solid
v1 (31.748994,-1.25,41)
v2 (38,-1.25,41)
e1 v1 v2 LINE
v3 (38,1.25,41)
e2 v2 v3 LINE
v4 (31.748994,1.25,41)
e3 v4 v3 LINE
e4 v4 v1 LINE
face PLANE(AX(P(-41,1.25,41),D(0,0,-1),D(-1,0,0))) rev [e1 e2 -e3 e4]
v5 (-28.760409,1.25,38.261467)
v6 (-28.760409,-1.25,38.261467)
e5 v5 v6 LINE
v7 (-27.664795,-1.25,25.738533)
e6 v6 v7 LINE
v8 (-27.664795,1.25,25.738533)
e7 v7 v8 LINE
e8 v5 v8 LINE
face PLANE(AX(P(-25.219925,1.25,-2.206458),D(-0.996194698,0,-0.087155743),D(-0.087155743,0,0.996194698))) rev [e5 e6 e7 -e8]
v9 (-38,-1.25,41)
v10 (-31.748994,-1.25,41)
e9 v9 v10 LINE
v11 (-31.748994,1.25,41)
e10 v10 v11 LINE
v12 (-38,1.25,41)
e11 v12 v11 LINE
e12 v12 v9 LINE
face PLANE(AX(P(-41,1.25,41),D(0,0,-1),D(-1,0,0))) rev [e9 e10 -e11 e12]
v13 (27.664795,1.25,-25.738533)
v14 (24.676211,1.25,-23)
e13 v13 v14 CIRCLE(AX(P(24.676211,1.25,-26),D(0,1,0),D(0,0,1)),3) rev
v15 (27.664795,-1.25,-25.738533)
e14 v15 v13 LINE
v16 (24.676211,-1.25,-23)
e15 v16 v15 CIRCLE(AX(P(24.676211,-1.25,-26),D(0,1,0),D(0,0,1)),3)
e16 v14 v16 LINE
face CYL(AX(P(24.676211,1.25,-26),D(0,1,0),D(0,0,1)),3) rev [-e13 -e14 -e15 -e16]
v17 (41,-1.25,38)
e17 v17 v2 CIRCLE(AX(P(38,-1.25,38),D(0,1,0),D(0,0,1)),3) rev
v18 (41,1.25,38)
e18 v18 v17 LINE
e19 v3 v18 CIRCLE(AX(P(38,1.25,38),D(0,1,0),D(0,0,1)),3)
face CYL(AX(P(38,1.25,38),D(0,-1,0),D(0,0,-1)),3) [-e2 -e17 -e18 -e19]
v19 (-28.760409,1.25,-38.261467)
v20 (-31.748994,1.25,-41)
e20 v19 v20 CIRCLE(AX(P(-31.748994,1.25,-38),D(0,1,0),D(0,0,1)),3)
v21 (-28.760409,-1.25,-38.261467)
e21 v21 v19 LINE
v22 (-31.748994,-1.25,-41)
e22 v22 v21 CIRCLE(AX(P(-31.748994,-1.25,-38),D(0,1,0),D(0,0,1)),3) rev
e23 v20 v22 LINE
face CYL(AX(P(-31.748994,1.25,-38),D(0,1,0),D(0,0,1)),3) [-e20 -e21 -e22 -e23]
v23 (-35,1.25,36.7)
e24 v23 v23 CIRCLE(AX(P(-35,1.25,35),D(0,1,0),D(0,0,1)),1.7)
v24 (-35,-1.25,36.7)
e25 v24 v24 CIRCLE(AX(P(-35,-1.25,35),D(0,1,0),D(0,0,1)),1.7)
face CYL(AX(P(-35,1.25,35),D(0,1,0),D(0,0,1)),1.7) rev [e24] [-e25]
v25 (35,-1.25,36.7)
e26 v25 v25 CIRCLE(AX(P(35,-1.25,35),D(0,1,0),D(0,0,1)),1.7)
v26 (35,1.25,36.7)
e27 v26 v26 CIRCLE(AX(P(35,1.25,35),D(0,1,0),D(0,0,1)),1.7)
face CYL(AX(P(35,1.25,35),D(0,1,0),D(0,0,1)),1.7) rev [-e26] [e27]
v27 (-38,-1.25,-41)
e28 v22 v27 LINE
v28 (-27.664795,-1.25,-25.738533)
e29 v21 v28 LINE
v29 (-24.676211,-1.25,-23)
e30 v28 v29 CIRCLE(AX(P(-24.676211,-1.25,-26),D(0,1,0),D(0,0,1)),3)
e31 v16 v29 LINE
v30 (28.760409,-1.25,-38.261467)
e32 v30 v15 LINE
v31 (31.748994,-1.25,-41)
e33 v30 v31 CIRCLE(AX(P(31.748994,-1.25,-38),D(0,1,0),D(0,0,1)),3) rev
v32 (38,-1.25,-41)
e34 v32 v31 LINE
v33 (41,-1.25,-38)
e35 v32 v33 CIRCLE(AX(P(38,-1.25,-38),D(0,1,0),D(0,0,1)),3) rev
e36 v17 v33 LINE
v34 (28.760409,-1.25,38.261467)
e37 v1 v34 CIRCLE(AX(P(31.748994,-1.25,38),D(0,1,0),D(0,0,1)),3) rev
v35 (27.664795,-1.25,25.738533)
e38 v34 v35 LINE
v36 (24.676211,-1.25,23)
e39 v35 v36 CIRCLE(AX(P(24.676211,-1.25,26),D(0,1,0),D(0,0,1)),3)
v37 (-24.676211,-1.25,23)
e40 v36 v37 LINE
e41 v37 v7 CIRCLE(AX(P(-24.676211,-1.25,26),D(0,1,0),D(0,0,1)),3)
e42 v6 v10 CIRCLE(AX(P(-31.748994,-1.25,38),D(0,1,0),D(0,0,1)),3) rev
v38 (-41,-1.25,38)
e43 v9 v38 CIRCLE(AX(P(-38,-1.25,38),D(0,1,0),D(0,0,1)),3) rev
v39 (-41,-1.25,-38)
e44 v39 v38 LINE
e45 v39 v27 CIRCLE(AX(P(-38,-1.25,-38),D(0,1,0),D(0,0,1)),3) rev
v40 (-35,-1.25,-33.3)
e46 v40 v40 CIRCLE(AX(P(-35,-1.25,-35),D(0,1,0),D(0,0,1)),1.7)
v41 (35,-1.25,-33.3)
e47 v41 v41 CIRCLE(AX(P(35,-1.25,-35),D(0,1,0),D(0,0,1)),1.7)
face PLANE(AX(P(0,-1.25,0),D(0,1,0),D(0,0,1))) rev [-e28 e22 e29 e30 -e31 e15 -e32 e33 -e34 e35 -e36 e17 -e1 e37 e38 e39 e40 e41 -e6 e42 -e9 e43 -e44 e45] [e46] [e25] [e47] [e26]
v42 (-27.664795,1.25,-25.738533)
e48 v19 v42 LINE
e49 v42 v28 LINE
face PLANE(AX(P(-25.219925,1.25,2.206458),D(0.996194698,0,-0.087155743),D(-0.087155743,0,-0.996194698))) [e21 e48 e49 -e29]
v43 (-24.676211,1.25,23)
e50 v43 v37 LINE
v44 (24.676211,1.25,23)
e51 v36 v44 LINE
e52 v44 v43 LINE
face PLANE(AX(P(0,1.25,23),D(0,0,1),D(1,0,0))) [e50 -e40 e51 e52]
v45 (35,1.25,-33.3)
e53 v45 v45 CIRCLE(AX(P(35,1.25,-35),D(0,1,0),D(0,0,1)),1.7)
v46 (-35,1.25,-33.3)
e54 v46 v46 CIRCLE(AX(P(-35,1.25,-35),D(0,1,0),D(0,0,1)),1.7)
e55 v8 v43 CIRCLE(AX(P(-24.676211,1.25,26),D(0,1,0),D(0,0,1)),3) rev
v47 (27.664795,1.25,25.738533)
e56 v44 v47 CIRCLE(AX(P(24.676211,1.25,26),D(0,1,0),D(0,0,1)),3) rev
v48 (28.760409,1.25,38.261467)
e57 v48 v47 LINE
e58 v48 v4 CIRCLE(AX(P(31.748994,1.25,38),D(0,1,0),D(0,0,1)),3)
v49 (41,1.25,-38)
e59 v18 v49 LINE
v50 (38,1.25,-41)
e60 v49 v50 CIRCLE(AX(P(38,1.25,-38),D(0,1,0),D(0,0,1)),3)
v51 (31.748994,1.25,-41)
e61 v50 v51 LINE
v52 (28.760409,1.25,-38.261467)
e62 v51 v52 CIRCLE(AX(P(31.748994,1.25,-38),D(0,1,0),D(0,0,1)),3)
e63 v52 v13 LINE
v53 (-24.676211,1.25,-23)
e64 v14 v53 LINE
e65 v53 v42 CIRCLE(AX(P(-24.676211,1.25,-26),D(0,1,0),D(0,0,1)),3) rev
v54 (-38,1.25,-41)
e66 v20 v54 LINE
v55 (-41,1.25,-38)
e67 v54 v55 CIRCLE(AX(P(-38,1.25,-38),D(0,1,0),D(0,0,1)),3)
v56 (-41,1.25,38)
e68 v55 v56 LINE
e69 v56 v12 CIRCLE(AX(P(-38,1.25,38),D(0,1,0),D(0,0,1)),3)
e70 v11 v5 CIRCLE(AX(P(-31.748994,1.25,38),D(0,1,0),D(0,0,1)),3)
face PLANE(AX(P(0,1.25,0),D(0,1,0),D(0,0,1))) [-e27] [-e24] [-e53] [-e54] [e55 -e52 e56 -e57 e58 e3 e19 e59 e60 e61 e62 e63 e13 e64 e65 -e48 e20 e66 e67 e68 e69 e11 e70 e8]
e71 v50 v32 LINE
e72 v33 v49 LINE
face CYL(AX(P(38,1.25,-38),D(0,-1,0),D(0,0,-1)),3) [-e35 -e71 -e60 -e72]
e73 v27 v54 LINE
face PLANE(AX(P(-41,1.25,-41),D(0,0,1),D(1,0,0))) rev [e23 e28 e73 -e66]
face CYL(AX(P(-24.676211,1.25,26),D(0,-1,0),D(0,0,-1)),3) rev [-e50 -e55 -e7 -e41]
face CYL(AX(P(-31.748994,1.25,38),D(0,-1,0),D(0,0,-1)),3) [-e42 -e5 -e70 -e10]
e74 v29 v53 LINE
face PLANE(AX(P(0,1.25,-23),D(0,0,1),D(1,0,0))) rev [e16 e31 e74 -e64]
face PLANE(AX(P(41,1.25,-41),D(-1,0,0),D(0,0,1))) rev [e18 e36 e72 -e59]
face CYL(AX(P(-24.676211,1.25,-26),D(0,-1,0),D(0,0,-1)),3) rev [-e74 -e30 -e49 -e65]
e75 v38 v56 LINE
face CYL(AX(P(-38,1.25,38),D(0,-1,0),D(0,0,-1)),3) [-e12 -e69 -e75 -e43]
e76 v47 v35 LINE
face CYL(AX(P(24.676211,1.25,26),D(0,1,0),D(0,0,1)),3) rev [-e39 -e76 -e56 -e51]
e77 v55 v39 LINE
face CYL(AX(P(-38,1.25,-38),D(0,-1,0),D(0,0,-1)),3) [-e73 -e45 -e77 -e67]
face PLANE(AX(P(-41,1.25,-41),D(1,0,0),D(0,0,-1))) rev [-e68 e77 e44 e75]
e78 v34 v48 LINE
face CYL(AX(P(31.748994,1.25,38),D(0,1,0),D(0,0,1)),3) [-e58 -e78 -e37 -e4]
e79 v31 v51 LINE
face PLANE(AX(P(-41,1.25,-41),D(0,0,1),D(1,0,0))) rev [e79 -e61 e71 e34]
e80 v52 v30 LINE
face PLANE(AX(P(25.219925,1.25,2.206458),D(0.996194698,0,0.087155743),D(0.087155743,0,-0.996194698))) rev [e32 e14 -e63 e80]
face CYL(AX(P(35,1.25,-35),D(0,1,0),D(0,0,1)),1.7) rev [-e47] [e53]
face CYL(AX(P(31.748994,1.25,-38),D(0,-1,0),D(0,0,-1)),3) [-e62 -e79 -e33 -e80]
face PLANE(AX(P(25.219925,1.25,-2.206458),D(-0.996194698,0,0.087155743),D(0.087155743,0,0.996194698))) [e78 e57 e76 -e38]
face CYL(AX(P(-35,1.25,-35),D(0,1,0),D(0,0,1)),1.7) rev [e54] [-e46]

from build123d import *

# Parameters (mm, degrees)
SKETCH1_W            = 82
SKETCH1_H            = 82
BOSS_EXTRUDE1_DEPTH  = 1.25
M3_CLEARANCE_HOLE1_D = 3.4
CUT_EXTRUDE1_DEPTH   = 59.036626366
FILLET1_R            = 3


with BuildPart() as part:
    # Sketch1 → Boss-Extrude1 (new, symmetric)
    with BuildSketch(Plane(origin=(0, 0, 0), x_dir=(1, 0, 0), z_dir=(0, 1, 0))):
        Rectangle(SKETCH1_W, SKETCH1_H)
    extrude(amount=BOSS_EXTRUDE1_DEPTH, both=True)

    # M3 Clearance Hole1 (through all)
    with Locations(Plane(origin=(0, 1.25, 0), x_dir=(1, 0, 0), z_dir=(0, 1, 0))):
        with Locations((35, 35), (-35, -35), (-35, 35), (35, -35)):
            Hole(M3_CLEARANCE_HOLE1_D / 2)

    # Sketch4 → Cut-Extrude1 (cut, through all)
    with BuildSketch(Plane(origin=(0, -1.25, 0), x_dir=(-1, 0, 0), z_dir=(0, -1, 0))):
        Polygon((-29, -41), (29, -41), (27.425204057, -23), (-27.425204057, -23), align=None)
        Polygon((29, 41), (-29, 41), (-27.425204057, 23), (0, 23), (27.425204057, 23), align=None)
    extrude(amount=-CUT_EXTRUDE1_DEPTH, mode=Mode.SUBTRACT)

    # Fillet1
    fillet1_edges = [part.edges().sort_by_distance(p)[0] for p in [
        (29, 0, 41),
        (27.425204057, 0, 23),
        (-27.425204057, 0, 23),
        (-29, 0, 41),
        (-29, 0, -41),
        (-27.425204057, 0, -23),
        (27.425204057, 0, -23),
        (29, 0, -41),
        (-41, 0, -41),
        (41, 0, -41),
        (41, 0, 41),
        (-41, 0, 41),
    ]]
    fillet(fillet1_edges, radius=FILLET1_R)


solid = part.part
